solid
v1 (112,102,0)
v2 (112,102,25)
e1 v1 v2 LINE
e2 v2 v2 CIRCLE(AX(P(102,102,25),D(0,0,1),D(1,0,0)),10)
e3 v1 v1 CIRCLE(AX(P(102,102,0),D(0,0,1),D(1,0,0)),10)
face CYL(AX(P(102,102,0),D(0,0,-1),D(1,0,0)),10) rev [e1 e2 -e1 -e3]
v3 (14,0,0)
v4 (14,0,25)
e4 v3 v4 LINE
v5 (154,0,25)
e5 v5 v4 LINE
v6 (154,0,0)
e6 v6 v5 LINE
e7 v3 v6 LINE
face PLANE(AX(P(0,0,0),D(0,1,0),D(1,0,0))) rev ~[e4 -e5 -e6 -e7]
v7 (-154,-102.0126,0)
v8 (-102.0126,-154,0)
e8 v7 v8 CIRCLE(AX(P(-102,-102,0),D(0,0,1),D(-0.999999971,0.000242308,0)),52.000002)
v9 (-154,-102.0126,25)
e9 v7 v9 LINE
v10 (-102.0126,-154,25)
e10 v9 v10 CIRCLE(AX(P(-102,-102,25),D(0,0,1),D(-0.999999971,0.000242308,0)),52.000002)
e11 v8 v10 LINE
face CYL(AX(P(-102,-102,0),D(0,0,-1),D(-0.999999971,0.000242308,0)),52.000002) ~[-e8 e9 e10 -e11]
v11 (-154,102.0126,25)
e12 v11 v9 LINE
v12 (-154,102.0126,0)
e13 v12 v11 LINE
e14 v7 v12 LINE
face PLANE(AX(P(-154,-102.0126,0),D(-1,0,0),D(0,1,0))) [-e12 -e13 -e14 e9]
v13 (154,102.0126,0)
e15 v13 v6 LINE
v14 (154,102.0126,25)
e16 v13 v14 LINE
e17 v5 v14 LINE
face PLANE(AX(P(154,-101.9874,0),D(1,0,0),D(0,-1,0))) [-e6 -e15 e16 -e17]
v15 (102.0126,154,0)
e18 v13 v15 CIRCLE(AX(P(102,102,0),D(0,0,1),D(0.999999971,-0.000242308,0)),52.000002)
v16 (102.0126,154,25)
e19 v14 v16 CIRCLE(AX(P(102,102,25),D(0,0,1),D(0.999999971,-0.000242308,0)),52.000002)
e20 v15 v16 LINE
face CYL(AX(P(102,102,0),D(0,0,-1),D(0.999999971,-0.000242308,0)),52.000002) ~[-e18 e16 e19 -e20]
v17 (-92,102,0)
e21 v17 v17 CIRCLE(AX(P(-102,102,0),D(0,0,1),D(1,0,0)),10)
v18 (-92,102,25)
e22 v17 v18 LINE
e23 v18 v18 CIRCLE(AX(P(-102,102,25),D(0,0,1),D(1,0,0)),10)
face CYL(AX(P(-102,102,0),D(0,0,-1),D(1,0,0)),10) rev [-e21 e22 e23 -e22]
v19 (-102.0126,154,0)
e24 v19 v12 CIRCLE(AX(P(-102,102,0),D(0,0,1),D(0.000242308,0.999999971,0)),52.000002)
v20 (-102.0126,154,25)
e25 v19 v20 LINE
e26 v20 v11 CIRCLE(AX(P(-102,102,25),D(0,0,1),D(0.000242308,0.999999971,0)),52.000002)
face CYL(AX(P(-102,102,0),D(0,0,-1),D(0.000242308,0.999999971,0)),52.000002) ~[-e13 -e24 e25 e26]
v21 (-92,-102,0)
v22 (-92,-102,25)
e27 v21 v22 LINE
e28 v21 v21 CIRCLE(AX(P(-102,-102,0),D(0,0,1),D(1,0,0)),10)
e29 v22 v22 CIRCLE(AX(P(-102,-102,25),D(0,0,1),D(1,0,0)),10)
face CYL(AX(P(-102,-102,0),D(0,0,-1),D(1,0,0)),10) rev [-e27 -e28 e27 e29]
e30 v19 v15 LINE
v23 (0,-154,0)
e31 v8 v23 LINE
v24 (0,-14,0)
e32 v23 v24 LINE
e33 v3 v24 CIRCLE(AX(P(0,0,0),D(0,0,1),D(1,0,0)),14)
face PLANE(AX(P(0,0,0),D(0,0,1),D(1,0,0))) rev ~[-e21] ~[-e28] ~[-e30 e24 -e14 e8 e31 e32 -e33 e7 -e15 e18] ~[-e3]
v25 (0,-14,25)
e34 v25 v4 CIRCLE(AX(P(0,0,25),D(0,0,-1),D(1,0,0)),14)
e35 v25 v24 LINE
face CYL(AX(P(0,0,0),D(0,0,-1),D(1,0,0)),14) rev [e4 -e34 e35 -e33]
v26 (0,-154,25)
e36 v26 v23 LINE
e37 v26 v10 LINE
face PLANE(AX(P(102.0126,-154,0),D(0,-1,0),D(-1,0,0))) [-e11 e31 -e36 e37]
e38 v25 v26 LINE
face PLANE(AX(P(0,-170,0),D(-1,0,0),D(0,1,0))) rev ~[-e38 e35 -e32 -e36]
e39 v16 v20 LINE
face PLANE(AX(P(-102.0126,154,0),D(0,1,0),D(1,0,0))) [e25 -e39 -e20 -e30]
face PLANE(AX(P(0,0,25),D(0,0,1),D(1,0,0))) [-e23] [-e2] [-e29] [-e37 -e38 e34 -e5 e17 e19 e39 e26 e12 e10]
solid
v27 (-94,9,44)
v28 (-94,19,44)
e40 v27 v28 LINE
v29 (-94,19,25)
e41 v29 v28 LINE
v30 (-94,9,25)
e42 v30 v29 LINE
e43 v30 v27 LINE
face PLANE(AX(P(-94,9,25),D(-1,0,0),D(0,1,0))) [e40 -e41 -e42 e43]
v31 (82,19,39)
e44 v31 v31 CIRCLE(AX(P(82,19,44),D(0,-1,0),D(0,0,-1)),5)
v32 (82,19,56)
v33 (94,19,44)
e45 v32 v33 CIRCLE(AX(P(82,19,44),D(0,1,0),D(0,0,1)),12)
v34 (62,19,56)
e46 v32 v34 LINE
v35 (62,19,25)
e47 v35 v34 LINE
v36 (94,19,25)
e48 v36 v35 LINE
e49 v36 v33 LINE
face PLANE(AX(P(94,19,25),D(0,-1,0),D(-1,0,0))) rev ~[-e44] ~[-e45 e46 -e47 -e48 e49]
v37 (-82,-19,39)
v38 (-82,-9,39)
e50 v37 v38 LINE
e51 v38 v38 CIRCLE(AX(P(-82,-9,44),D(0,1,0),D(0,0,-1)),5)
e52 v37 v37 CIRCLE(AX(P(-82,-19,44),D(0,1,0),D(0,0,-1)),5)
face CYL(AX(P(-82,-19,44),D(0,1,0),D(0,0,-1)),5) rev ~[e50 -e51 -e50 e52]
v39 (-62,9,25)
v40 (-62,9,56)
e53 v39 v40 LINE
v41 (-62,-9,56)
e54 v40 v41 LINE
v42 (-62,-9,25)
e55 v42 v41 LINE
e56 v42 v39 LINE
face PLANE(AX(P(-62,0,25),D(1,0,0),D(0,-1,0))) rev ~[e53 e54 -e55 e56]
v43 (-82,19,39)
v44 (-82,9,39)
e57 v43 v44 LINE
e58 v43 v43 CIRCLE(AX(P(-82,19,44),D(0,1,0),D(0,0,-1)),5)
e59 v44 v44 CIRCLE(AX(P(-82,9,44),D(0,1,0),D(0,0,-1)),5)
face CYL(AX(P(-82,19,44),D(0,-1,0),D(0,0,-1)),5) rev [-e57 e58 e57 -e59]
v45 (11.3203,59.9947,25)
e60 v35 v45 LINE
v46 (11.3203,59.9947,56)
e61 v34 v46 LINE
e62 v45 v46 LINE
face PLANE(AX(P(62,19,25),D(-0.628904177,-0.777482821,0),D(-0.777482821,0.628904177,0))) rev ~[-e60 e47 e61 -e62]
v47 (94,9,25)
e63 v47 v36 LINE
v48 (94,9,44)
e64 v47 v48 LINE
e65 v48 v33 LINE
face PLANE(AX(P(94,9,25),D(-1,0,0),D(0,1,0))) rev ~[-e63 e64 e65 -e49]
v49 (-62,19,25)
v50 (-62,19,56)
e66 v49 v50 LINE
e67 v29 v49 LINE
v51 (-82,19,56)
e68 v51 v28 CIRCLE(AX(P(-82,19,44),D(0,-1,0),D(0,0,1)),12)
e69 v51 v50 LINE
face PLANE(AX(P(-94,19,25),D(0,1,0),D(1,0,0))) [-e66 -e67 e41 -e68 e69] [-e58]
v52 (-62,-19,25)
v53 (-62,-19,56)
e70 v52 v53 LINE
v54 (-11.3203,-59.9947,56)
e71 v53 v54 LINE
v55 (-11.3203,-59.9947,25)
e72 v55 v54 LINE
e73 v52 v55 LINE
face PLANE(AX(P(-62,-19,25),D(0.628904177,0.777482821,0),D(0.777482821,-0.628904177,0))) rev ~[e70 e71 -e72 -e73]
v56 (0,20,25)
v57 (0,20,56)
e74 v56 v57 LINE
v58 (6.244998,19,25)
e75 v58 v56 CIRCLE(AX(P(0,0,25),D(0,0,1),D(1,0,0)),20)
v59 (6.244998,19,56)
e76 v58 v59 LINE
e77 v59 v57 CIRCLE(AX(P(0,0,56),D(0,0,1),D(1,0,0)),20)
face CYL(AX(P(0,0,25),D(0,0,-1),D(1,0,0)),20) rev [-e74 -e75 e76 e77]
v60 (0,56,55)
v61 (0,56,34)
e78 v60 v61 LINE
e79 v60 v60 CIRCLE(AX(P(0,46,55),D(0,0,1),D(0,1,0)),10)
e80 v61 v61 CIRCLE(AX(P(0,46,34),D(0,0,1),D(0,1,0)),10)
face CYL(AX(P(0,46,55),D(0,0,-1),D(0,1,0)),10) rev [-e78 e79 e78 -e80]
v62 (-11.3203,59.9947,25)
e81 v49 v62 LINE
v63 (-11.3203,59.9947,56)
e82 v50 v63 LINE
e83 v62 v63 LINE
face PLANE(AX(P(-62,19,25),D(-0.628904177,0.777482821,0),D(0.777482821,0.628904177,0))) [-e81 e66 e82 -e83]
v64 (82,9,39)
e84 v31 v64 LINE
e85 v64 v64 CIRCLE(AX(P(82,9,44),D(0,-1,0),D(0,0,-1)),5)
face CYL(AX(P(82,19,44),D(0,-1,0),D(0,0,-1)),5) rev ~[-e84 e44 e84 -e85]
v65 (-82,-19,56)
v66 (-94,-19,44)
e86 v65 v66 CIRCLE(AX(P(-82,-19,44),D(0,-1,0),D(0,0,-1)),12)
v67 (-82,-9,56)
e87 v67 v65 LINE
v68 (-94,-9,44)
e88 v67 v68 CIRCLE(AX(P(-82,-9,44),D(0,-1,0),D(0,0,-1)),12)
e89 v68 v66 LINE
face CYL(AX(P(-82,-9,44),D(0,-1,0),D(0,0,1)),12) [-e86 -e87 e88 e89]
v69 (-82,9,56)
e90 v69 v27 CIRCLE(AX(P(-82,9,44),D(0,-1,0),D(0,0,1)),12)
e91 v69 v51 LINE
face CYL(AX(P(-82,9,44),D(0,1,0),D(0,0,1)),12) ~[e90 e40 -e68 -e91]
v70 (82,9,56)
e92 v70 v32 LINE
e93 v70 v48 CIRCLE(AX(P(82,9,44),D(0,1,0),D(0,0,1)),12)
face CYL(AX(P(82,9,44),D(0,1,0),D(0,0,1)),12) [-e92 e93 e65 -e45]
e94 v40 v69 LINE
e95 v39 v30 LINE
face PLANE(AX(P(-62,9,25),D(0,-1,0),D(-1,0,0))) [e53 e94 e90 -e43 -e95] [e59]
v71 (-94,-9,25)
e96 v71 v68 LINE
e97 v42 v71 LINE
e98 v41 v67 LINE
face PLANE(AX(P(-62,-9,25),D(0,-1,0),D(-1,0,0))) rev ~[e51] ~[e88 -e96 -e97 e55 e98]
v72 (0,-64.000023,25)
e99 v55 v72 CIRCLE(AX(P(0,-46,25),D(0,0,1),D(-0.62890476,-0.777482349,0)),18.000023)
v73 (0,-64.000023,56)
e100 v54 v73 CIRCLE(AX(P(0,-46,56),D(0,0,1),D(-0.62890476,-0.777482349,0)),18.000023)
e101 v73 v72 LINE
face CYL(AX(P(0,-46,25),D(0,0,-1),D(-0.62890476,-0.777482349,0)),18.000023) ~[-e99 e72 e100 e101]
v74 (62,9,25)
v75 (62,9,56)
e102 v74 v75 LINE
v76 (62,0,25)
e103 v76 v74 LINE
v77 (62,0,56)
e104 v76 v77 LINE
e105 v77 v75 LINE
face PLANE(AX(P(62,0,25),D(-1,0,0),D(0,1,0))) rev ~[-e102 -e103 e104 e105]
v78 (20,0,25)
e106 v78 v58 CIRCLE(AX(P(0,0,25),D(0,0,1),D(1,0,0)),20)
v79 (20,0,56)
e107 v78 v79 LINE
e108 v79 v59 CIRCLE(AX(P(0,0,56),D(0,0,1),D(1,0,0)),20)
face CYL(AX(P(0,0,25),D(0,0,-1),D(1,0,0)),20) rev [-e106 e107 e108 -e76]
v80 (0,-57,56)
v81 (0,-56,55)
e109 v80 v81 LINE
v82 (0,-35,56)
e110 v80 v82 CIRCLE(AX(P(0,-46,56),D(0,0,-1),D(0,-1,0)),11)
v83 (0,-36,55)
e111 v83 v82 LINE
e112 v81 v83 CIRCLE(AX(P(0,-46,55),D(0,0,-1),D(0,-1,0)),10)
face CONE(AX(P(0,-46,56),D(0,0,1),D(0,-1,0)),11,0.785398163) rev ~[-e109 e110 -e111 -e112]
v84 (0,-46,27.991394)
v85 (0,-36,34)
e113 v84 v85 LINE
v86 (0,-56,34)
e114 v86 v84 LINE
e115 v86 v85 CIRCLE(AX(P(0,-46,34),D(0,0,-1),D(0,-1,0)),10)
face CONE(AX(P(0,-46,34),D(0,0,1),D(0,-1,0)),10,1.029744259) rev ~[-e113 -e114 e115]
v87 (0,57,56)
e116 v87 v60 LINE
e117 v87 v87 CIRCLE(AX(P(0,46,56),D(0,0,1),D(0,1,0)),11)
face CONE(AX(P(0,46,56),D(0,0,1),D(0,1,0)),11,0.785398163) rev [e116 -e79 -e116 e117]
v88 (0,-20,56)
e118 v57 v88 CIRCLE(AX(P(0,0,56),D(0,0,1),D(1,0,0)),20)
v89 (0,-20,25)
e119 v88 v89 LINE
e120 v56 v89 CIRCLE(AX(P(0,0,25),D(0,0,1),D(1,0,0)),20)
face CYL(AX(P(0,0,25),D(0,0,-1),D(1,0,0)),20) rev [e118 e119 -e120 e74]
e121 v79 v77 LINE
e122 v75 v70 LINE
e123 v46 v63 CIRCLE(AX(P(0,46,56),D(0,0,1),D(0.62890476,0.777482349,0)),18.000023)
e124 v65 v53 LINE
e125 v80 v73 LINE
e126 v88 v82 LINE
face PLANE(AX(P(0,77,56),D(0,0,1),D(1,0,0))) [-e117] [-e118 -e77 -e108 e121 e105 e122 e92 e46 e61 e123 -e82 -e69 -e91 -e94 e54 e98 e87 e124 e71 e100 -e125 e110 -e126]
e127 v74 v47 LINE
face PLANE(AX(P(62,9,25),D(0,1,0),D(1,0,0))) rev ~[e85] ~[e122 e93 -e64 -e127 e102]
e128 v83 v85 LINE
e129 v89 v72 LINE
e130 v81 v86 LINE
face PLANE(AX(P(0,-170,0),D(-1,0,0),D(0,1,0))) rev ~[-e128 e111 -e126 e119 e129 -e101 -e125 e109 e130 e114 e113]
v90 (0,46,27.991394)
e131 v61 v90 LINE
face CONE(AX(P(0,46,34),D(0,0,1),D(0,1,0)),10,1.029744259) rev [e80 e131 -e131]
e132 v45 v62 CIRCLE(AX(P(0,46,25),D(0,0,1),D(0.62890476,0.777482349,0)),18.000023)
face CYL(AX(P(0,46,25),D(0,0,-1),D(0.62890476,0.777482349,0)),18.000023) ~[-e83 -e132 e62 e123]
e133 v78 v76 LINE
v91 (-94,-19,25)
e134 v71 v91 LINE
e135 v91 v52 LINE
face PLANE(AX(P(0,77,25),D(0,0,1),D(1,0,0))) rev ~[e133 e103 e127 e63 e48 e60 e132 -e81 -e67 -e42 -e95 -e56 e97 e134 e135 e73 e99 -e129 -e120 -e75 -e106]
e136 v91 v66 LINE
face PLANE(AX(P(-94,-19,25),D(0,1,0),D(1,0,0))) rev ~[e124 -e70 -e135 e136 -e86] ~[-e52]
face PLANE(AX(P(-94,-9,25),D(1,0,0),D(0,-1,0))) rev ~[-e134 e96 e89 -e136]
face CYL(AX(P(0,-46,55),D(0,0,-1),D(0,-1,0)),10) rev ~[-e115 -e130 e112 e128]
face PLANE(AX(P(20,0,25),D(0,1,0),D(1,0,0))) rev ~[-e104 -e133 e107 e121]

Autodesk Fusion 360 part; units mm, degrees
sketch "Sketch2" plane through (0, 0, 0) normal (0, 0, 1) x (1, 0, 0)
  line L0 (102.0126, -154) -> (-102.0126, -154)
  line L1 (-154, -102.0126) -> (-154, 102.0126)
  line L2 (-102.0126, 154) -> (102.0126, 154)
  line L3 (154, 102.0126) -> (154, -102.0126)
  line L4 (138.7696, -138.7696) -> (-138.7696, 138.7696) construction
  line L5 (-138.7696, -138.7696) -> (138.7696, 138.7696) construction
  line L6 (0, 154) -> (-102, 154)
  line L7 (-154, 0) -> (-154, 102)
  circle A0 centre (-102, 102) radius 10
  circle A1 centre (102, 102) radius 10
  line L8 (-154, 0) -> (154, 0)
  circle A2 centre (-102, -102) radius 10
  circle A3 centre (102, -102) radius 10
  arc A4 (-101.9874, 154) -> (-154, 101.9874) centre (-102, 102) ccw
  arc A5 (154, 101.9874) -> (101.9874, 154) centre (102, 102) ccw
  arc A6 (101.9874, -154) -> (154, -101.9874) centre (102, -102) ccw
  arc A7 (-154, -101.9874) -> (-101.9874, -154) centre (-102, -102) ccw
  circle A8 centre (0, 0) radius 14
  dimension "d3" = 102
  dimension "d4" = 102
  dimension "d5" = 20
  dimension "d7" = 104
  dimension "d8" = 28
extrude "Extrude1" add sketch "Sketch2" along normal blind 25 contours L0 L1 L3 L8 A6 A7 A8 | L1 L2 L3 L6 L7 L8 A4 A5 A8 makes body 1
ref_plane "WorkPlane2" through (0, 77, 25) normal (0, 0, 1) x (1, 0, 0)
sketch "Sketch5" plane through (0, 77, 25) normal (0, 0, 1) x (1, 0, 0)
  circle A0 centre (0, -77) radius 20
  line L0 (0, -77) -> (20, -77)
  line L1 (0, -77) -> (0, -57)
  line L2 (0, -77) -> (62, -77)
  line L3 (62, -77) -> (62, -86)
  line L4 (62, -86) -> (94, -86)
  line L5 (94, -86) -> (94, -96)
  line L6 (94, -96) -> (62, -96)
  line L7 (0, -77) -> (0, -49)
  line L8 (62, -68) -> (94, -68)
  line L9 (94, -58) -> (62, -58)
  line L10 (94, -68) -> (94, -58)
  line L11 (62, -77) -> (62, -68)
  line L12 (62, -58) -> (11.3203, -17.0053)
  arc A1 (11.3203, -17.0053) -> (-11.3203, -17.0053) centre (0, -31) ccw
  line L13 (-94, -58) -> (-62, -58)
  line L14 (-62, -68) -> (-94, -68)
  line L15 (-94, -68) -> (-94, -58)
  line L16 (-62, -77) -> (-62, -68)
  line L17 (-62, -77) -> (-62, -86)
  line L18 (-62, -86) -> (-94, -86)
  line L19 (-94, -86) -> (-94, -96)
  line L20 (-94, -96) -> (-62, -96)
  line L21 (-62, -58) -> (-11.3203, -17.0053)
  line L22 (-62, -96) -> (-11.3203, -136.9947)
  arc A2 (-11.3203, -136.9947) -> (11.3203, -136.9947) centre (0, -123) ccw
  line L23 (62, -96) -> (11.3203, -136.9947)
  line L24 (0, -58) -> (26, -58)
  dimension "d22" = 40
  dimension "d23" = 62
  dimension "d24" = 9
  dimension "d25" = 32
  dimension "d26" = 10
  dimension "d27" = 32
  dimension "d28" = 46
  dimension "d29" = 36
  dimension "d58" = 26
extrude "Extrude2" add sketch "Sketch5" along normal blind 31 separate body makes body 2
fillet "Fillet1" radius 12 1 edges at (94, -14, 56) on bodies 2
fillet "Fillet2" radius 12 1 edges at (94, 14, 56) on bodies 2
fillet "Fillet3" radius 12 1 edges at (-94, -14, 56) on bodies 2
fillet "Fillet4" radius 12 1 edges at (-94, 14, 56) on bodies 2
hole "Hole1" at (0, -46, 56) direction (0, 0, -1) diameter 20 depth 22 tip angle 118 countersink diameter 22 countersink angle 90 bodies 2
mirror "Mirror1" about plane through (0, 0, 0) normal (0, 1, 0) of "Hole1"
hole "Hole2" at (-82, -19, 44) direction (0, 1, 0) diameter 10 depth 10 tip angle 118 bodies 2
mirror "Mirror2" about plane through (0, 0, 0) normal (1, 0, 0) of "Hole2"
mirror "Mirror3" about plane through (0, 0, 0) normal (0, 1, 0) of "Mirror2", "Hole2"
sketch "Sketch6" plane through (0, 0, 0) normal (0, 0, 1) x (1, 0, 0)
  line L0 (0, 0) -> (160, 0)
  line L1 (160, 0) -> (160, -170)
  line L2 (160, -170) -> (0, -170)
  line L3 (0, -170) -> (0, 0)
extrude "Extrude3" cut sketch "Sketch6" along normal blind 70 bodies 1 2
